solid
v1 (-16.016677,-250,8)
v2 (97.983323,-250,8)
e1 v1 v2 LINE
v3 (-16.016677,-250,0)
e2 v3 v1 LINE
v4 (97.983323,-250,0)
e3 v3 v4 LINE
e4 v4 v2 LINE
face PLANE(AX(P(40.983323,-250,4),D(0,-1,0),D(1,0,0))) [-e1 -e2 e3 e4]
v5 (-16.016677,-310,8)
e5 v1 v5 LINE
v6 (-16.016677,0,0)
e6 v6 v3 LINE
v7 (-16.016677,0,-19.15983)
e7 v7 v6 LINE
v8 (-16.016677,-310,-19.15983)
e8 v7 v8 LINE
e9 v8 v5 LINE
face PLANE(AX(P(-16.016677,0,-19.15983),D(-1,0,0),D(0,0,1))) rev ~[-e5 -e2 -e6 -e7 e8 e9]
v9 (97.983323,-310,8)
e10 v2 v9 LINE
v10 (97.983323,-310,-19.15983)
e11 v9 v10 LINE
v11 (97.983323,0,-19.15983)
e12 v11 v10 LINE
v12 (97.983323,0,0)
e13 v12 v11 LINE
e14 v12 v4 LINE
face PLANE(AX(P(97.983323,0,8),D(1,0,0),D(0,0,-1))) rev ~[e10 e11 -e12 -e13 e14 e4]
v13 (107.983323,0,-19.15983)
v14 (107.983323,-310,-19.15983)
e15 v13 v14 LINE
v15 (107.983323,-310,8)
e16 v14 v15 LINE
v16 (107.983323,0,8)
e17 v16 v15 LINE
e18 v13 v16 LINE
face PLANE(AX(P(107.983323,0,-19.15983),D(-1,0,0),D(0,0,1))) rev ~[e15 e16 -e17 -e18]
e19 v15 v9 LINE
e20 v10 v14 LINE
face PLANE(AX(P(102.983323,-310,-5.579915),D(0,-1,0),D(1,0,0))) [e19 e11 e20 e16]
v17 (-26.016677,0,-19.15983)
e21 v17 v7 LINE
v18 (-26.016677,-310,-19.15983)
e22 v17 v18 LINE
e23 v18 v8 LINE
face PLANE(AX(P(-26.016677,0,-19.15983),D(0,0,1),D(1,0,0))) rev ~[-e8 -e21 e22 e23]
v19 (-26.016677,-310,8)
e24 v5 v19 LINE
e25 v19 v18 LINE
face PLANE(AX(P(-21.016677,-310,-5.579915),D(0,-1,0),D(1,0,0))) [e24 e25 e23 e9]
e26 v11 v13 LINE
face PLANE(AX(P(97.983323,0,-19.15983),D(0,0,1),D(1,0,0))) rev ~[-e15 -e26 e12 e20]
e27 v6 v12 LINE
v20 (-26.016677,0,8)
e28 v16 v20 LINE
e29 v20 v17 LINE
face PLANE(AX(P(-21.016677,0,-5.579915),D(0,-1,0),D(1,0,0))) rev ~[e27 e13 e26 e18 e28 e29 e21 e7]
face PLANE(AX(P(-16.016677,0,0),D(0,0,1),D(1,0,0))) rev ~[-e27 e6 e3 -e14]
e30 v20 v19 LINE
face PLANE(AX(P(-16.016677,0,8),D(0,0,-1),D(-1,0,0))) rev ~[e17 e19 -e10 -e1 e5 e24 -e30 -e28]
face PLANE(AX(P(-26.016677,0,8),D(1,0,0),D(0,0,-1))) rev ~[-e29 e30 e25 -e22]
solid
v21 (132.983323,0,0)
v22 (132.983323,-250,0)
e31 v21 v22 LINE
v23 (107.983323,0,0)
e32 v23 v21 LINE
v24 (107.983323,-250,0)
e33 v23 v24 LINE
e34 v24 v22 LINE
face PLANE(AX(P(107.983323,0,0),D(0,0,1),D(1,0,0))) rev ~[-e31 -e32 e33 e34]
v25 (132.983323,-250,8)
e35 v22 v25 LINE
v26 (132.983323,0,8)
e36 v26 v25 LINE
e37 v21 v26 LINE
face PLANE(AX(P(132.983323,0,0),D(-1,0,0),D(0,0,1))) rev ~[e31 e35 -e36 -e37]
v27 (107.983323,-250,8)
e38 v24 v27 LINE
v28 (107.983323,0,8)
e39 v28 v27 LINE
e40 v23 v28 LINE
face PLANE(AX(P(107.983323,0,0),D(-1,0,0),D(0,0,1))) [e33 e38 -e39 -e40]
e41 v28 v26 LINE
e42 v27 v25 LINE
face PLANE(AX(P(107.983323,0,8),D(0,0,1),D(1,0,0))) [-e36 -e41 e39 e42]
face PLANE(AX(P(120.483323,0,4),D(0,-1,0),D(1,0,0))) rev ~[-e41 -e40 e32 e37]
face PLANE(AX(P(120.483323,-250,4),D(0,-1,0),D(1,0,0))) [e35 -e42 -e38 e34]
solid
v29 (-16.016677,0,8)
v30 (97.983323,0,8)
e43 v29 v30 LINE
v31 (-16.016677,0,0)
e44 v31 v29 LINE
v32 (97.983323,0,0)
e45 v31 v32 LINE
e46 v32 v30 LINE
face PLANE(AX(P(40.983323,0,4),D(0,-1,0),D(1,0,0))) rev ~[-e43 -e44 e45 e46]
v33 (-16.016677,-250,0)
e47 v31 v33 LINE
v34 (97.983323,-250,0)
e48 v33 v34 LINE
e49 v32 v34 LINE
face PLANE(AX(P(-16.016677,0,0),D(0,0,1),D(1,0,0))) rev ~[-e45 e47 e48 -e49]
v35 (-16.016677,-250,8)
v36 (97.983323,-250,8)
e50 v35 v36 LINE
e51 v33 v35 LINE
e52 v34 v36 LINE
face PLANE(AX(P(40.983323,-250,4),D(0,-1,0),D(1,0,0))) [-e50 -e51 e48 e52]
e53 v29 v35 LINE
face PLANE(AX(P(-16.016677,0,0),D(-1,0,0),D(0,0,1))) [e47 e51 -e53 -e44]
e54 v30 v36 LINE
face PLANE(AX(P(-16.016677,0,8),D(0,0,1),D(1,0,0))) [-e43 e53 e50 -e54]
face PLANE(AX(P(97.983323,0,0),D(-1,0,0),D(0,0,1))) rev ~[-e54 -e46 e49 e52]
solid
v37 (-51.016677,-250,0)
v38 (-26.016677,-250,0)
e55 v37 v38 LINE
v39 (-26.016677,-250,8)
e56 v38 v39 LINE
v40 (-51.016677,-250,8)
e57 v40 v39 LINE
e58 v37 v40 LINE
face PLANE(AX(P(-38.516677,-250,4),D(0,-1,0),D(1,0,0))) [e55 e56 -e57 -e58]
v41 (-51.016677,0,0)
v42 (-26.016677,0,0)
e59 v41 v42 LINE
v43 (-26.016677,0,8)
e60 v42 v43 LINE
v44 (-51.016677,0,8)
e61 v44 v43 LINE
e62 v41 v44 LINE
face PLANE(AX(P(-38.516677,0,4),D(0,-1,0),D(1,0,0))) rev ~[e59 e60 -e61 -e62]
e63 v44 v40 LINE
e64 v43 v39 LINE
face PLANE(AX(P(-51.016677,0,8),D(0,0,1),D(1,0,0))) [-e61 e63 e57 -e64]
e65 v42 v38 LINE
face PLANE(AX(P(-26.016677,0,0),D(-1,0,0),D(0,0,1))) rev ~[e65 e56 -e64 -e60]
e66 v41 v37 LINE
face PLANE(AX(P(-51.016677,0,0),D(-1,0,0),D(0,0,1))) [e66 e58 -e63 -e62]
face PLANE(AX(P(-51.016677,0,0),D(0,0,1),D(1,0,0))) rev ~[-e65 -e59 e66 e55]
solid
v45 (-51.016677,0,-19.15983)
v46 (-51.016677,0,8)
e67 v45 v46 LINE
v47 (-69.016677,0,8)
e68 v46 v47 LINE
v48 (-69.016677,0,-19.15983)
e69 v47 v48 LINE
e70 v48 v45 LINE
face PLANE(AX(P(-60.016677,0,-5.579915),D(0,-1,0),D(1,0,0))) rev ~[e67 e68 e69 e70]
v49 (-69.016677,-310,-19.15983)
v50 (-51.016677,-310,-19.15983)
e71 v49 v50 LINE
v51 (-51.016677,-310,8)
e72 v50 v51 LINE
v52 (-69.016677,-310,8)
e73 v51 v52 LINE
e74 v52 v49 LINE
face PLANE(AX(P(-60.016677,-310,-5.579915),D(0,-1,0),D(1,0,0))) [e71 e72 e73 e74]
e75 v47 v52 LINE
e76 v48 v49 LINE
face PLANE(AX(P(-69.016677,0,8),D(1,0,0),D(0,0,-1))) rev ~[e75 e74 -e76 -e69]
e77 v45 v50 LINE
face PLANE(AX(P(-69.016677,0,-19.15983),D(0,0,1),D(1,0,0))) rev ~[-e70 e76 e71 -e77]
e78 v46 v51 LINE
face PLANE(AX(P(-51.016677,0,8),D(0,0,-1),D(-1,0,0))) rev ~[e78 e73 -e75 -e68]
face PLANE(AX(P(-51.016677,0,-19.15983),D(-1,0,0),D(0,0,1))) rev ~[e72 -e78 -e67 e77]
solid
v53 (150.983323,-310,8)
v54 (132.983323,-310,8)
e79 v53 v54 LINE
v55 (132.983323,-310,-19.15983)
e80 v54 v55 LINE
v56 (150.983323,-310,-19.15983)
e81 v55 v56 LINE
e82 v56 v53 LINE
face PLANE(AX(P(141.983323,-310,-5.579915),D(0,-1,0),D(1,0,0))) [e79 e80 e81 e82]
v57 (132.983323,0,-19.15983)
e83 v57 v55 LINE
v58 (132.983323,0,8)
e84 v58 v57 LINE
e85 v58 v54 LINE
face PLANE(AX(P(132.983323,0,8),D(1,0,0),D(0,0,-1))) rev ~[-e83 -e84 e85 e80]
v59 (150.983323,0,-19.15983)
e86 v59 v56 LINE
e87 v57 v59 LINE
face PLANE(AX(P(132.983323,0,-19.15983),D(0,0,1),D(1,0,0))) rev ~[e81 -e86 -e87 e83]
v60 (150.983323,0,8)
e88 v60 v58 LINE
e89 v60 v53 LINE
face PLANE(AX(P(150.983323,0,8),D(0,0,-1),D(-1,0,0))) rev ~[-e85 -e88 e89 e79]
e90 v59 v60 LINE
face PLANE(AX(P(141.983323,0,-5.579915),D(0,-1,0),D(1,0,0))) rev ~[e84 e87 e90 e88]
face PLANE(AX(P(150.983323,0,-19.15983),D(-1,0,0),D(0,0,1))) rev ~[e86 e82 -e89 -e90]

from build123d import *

# Parameters (mm, degrees)
F1_DEPTH = 310
F0_W     = 114
F0_H     = 8
F2_DEPTH = 250
F3_DEPTH = 310
F0_W_2   = 25
F4_DEPTH = 250


with BuildPart() as f1:
    # F0 (on Front) → F1 (new body)
    with BuildSketch(Plane.XZ):
        Polygon((150.983323, 8), (132.983323, 8), (132.983323, 0), (132.983323, -19.15983), (150.983323, -19.15983), (150.983323, 3.84017), align=None)
        Polygon((-69.016677, -19.15983), (-51.016677, -19.15983), (-51.016677, 0), (-51.016677, 8), (-69.016677, 8), (-69.016677, 3.84017), align=None)
    extrude(amount=F1_DEPTH)


with BuildPart() as f2:
    # F0 (on Front) → F2 (new body)
    with BuildSketch(Plane.XZ):
        with Locations((40.983323, 4)):
            Rectangle(F0_W, F0_H)
    extrude(amount=F2_DEPTH)

    # F0 (on Front) → F3 (join)
    with BuildSketch(Plane.XZ):
        Polygon((-26.016677, 8), (-26.016677, 0), (-26.016677, -19.15983), (-16.016677, -19.15983), (-16.016677, 0), (-16.016677, 8), align=None)
        Polygon((107.983323, 8), (97.983323, 8), (97.983323, 0), (97.983323, -19.15983), (107.983323, -19.15983), (107.983323, 0), align=None)
    extrude(amount=F3_DEPTH)


with BuildPart() as f4:
    # F0 (on Front) → F4 (new body)
    with BuildSketch(Plane.XZ):
        with Locations((-38.516677, 4)):
            Rectangle(F0_W_2, F0_H)
        with Locations((120.483323, 4)):
            Rectangle(F0_W_2, F0_H)
        with Locations((40.983323, 4)):
            Rectangle(F0_W, F0_H)
    extrude(amount=F4_DEPTH)


solid = Compound([f1.part, f2.part, f4.part])
